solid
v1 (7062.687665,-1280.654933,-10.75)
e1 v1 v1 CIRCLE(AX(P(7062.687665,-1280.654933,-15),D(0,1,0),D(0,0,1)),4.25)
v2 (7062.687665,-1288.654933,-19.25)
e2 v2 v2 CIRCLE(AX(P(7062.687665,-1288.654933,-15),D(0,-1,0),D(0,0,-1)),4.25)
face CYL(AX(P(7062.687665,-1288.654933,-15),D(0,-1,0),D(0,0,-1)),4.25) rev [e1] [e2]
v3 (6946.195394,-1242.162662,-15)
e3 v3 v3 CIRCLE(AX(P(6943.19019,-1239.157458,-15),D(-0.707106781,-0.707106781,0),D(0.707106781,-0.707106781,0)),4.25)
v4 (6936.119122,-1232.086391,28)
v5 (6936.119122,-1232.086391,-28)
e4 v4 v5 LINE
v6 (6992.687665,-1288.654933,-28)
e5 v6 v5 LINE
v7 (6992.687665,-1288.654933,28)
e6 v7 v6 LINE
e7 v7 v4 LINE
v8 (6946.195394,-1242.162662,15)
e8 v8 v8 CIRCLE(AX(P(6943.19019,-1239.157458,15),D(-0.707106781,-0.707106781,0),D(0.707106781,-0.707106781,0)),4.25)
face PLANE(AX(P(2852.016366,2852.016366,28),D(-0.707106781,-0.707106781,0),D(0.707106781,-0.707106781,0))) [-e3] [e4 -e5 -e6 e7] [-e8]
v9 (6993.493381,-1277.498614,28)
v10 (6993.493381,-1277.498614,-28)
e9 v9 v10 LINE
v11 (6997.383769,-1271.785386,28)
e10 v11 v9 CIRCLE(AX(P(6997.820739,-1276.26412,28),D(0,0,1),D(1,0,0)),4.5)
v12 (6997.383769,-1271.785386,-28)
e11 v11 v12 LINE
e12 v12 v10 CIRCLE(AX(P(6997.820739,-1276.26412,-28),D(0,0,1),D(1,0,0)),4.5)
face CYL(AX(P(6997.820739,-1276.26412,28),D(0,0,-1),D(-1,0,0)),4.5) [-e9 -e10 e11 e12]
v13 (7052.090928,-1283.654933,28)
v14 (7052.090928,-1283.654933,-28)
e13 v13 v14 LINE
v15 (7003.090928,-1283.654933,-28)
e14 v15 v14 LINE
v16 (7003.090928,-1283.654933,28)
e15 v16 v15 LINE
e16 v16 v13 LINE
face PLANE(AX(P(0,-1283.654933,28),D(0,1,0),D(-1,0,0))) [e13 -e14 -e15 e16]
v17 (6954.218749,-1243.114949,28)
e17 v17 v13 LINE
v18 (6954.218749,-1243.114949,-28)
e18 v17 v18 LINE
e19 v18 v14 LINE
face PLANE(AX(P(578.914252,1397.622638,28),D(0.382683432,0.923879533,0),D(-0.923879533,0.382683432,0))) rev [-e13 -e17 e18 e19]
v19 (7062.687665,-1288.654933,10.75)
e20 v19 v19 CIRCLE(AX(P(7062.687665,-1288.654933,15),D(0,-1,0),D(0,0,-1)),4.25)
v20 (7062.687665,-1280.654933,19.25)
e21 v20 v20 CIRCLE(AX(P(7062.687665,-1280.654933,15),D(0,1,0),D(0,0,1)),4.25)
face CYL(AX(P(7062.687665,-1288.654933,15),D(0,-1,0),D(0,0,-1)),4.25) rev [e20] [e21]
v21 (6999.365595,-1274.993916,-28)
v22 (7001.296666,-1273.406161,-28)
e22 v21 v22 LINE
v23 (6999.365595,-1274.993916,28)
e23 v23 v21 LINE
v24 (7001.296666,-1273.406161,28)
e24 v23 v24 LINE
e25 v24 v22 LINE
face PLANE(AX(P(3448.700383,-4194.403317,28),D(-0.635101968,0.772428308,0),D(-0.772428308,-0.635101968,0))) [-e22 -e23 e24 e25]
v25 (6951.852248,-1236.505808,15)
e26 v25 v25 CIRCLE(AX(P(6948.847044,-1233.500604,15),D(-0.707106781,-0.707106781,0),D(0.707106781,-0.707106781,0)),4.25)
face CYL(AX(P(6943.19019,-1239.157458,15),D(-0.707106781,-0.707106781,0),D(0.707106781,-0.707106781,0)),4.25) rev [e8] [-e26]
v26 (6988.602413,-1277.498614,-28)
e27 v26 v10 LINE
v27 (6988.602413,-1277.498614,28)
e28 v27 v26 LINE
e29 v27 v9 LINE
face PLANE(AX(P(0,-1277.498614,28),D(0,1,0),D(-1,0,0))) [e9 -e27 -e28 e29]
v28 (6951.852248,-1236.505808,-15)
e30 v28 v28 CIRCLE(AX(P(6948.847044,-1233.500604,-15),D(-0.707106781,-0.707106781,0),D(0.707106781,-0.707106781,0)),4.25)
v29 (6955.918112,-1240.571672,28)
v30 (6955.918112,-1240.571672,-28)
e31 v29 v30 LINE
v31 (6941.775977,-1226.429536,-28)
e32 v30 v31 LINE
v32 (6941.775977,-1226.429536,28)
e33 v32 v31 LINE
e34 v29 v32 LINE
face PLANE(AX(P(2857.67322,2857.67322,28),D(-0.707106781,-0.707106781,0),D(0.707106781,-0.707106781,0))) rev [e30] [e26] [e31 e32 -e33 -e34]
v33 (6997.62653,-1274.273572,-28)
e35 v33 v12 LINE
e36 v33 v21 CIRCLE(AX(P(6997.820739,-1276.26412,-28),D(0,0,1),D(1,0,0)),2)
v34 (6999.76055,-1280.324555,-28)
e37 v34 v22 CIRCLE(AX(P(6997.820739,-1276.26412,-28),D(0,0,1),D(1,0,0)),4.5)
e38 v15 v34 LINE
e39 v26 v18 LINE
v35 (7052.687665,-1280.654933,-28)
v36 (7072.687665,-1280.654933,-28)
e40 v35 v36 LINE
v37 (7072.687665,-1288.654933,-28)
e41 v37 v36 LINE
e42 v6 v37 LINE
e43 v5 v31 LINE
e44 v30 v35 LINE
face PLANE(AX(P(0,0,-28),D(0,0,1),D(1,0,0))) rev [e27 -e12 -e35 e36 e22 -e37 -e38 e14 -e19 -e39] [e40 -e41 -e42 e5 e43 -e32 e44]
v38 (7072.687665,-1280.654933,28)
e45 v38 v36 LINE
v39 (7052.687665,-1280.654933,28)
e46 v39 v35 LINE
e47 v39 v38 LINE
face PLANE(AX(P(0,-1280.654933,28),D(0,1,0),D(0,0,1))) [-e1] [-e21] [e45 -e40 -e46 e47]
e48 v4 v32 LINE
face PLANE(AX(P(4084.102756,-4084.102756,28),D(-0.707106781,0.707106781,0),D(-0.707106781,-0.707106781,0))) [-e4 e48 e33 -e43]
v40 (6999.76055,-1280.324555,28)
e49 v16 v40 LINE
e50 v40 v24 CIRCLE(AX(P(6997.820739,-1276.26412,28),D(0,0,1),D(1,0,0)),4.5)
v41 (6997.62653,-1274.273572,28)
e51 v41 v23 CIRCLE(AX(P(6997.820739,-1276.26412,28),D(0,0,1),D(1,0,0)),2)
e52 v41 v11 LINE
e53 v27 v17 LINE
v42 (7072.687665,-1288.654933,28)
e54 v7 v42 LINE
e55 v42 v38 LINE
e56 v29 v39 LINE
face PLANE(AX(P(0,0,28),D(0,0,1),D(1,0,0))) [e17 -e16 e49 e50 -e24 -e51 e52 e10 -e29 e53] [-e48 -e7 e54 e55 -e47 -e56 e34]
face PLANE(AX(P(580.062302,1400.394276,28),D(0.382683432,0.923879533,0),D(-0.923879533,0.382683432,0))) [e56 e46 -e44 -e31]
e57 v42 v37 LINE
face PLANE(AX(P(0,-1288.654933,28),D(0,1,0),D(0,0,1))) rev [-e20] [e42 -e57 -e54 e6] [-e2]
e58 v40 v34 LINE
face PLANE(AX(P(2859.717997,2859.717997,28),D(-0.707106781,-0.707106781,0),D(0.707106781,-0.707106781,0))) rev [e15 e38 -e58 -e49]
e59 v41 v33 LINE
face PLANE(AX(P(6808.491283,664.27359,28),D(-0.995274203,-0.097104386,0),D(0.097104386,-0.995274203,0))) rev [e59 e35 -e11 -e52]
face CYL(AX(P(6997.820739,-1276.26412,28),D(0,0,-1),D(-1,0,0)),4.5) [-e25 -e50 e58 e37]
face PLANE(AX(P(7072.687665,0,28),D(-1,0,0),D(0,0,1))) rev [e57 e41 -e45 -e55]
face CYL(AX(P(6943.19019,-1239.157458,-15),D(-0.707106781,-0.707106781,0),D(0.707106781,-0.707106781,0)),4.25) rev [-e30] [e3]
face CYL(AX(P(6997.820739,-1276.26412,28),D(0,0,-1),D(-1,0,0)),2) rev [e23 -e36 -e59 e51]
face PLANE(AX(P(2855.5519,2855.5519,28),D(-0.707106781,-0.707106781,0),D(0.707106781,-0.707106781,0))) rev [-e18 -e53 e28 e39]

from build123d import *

# Parameters (mm, degrees)
EXTRUDE_1_DEPTH         = 28
HOLE_WIZARD_8_5_8_5_1_D = 8.5


with BuildPart() as part:
    # 草图1 → 凸台-拉伸1 (new, symmetric)
    with BuildSketch(Plane.XY):
        Polygon((6936.119122288, -1232.086390659), (6992.687664783, -1288.654933154), (7072.687664783, -1288.654933154), (7072.687664783, -1280.654933154), (7052.687664783, -1280.654933154), (6955.918112162, -1240.571672033), (6941.775976538, -1226.429536409), align=None)
        with BuildLine():
            Line((7009.090927681, -1283.654933154), (7003.090927681, -1283.654933154))
            Line((7003.090927681, -1283.654933154), (6999.760549745, -1280.324555218))
            ThreePointArc((6999.760549745, -1280.324555218), (7002.213755914, -1277.239517812), (7001.296666197, -1273.406161221))
            Line((7001.296666197, -1273.406161221), (6999.365595427, -1274.993916141))
            ThreePointArc((6999.365595427, -1274.993916141), (6997.055371947, -1278.111879141), (6997.626530039, -1274.273571671))
            Line((6997.626530039, -1274.273571671), (6997.383769074, -1271.785386165))
            ThreePointArc((6997.383769074, -1271.785386165), (6994.101203016, -1273.731324494), (6993.49338103, -1277.49861375))
            Line((6993.49338103, -1277.49861375), (6988.602413191, -1277.49861375))
            Line((6988.602413191, -1277.49861375), (6954.21874867, -1243.114949228))
            Line((6954.21874867, -1243.114949228), (7052.090927681, -1283.654933154))
            Line((7052.090927681, -1283.654933154), (7029.403393536, -1283.654933154))
            Line((7029.403393536, -1283.654933154), (7009.090927681, -1283.654933154))
        make_face(mode=Mode.SUBTRACT)
    extrude(amount=EXTRUDE_1_DEPTH, both=True)

    # Ø8.5 (8.5) 直径孔1 (through all)
    with Locations(Plane(origin=(2852.016365815, 2852.016365815, 0), x_dir=(0.7071067811865628, -0.7071067811865324, 0), z_dir=(-0.7071067811865324, -0.7071067811865628, 0))):
        with Locations((5785.79350833, -15), (5785.79350833, 15)):
            hole_wizard_8_5_8_5_1 = Hole(HOLE_WIZARD_8_5_8_5_1_D / 2)

    # 镜向1: Ø8.5 (8.5) 直径孔1 across plane
    add(hole_wizard_8_5_8_5_1.mirror(Plane(origin=(6424.240586557, -2661.0075789, 0), x_dir=(0, 0, 1), z_dir=(-0.9238795325112645, 0.3826834323651437, 0))), mode=Mode.SUBTRACT)


solid = part.part
